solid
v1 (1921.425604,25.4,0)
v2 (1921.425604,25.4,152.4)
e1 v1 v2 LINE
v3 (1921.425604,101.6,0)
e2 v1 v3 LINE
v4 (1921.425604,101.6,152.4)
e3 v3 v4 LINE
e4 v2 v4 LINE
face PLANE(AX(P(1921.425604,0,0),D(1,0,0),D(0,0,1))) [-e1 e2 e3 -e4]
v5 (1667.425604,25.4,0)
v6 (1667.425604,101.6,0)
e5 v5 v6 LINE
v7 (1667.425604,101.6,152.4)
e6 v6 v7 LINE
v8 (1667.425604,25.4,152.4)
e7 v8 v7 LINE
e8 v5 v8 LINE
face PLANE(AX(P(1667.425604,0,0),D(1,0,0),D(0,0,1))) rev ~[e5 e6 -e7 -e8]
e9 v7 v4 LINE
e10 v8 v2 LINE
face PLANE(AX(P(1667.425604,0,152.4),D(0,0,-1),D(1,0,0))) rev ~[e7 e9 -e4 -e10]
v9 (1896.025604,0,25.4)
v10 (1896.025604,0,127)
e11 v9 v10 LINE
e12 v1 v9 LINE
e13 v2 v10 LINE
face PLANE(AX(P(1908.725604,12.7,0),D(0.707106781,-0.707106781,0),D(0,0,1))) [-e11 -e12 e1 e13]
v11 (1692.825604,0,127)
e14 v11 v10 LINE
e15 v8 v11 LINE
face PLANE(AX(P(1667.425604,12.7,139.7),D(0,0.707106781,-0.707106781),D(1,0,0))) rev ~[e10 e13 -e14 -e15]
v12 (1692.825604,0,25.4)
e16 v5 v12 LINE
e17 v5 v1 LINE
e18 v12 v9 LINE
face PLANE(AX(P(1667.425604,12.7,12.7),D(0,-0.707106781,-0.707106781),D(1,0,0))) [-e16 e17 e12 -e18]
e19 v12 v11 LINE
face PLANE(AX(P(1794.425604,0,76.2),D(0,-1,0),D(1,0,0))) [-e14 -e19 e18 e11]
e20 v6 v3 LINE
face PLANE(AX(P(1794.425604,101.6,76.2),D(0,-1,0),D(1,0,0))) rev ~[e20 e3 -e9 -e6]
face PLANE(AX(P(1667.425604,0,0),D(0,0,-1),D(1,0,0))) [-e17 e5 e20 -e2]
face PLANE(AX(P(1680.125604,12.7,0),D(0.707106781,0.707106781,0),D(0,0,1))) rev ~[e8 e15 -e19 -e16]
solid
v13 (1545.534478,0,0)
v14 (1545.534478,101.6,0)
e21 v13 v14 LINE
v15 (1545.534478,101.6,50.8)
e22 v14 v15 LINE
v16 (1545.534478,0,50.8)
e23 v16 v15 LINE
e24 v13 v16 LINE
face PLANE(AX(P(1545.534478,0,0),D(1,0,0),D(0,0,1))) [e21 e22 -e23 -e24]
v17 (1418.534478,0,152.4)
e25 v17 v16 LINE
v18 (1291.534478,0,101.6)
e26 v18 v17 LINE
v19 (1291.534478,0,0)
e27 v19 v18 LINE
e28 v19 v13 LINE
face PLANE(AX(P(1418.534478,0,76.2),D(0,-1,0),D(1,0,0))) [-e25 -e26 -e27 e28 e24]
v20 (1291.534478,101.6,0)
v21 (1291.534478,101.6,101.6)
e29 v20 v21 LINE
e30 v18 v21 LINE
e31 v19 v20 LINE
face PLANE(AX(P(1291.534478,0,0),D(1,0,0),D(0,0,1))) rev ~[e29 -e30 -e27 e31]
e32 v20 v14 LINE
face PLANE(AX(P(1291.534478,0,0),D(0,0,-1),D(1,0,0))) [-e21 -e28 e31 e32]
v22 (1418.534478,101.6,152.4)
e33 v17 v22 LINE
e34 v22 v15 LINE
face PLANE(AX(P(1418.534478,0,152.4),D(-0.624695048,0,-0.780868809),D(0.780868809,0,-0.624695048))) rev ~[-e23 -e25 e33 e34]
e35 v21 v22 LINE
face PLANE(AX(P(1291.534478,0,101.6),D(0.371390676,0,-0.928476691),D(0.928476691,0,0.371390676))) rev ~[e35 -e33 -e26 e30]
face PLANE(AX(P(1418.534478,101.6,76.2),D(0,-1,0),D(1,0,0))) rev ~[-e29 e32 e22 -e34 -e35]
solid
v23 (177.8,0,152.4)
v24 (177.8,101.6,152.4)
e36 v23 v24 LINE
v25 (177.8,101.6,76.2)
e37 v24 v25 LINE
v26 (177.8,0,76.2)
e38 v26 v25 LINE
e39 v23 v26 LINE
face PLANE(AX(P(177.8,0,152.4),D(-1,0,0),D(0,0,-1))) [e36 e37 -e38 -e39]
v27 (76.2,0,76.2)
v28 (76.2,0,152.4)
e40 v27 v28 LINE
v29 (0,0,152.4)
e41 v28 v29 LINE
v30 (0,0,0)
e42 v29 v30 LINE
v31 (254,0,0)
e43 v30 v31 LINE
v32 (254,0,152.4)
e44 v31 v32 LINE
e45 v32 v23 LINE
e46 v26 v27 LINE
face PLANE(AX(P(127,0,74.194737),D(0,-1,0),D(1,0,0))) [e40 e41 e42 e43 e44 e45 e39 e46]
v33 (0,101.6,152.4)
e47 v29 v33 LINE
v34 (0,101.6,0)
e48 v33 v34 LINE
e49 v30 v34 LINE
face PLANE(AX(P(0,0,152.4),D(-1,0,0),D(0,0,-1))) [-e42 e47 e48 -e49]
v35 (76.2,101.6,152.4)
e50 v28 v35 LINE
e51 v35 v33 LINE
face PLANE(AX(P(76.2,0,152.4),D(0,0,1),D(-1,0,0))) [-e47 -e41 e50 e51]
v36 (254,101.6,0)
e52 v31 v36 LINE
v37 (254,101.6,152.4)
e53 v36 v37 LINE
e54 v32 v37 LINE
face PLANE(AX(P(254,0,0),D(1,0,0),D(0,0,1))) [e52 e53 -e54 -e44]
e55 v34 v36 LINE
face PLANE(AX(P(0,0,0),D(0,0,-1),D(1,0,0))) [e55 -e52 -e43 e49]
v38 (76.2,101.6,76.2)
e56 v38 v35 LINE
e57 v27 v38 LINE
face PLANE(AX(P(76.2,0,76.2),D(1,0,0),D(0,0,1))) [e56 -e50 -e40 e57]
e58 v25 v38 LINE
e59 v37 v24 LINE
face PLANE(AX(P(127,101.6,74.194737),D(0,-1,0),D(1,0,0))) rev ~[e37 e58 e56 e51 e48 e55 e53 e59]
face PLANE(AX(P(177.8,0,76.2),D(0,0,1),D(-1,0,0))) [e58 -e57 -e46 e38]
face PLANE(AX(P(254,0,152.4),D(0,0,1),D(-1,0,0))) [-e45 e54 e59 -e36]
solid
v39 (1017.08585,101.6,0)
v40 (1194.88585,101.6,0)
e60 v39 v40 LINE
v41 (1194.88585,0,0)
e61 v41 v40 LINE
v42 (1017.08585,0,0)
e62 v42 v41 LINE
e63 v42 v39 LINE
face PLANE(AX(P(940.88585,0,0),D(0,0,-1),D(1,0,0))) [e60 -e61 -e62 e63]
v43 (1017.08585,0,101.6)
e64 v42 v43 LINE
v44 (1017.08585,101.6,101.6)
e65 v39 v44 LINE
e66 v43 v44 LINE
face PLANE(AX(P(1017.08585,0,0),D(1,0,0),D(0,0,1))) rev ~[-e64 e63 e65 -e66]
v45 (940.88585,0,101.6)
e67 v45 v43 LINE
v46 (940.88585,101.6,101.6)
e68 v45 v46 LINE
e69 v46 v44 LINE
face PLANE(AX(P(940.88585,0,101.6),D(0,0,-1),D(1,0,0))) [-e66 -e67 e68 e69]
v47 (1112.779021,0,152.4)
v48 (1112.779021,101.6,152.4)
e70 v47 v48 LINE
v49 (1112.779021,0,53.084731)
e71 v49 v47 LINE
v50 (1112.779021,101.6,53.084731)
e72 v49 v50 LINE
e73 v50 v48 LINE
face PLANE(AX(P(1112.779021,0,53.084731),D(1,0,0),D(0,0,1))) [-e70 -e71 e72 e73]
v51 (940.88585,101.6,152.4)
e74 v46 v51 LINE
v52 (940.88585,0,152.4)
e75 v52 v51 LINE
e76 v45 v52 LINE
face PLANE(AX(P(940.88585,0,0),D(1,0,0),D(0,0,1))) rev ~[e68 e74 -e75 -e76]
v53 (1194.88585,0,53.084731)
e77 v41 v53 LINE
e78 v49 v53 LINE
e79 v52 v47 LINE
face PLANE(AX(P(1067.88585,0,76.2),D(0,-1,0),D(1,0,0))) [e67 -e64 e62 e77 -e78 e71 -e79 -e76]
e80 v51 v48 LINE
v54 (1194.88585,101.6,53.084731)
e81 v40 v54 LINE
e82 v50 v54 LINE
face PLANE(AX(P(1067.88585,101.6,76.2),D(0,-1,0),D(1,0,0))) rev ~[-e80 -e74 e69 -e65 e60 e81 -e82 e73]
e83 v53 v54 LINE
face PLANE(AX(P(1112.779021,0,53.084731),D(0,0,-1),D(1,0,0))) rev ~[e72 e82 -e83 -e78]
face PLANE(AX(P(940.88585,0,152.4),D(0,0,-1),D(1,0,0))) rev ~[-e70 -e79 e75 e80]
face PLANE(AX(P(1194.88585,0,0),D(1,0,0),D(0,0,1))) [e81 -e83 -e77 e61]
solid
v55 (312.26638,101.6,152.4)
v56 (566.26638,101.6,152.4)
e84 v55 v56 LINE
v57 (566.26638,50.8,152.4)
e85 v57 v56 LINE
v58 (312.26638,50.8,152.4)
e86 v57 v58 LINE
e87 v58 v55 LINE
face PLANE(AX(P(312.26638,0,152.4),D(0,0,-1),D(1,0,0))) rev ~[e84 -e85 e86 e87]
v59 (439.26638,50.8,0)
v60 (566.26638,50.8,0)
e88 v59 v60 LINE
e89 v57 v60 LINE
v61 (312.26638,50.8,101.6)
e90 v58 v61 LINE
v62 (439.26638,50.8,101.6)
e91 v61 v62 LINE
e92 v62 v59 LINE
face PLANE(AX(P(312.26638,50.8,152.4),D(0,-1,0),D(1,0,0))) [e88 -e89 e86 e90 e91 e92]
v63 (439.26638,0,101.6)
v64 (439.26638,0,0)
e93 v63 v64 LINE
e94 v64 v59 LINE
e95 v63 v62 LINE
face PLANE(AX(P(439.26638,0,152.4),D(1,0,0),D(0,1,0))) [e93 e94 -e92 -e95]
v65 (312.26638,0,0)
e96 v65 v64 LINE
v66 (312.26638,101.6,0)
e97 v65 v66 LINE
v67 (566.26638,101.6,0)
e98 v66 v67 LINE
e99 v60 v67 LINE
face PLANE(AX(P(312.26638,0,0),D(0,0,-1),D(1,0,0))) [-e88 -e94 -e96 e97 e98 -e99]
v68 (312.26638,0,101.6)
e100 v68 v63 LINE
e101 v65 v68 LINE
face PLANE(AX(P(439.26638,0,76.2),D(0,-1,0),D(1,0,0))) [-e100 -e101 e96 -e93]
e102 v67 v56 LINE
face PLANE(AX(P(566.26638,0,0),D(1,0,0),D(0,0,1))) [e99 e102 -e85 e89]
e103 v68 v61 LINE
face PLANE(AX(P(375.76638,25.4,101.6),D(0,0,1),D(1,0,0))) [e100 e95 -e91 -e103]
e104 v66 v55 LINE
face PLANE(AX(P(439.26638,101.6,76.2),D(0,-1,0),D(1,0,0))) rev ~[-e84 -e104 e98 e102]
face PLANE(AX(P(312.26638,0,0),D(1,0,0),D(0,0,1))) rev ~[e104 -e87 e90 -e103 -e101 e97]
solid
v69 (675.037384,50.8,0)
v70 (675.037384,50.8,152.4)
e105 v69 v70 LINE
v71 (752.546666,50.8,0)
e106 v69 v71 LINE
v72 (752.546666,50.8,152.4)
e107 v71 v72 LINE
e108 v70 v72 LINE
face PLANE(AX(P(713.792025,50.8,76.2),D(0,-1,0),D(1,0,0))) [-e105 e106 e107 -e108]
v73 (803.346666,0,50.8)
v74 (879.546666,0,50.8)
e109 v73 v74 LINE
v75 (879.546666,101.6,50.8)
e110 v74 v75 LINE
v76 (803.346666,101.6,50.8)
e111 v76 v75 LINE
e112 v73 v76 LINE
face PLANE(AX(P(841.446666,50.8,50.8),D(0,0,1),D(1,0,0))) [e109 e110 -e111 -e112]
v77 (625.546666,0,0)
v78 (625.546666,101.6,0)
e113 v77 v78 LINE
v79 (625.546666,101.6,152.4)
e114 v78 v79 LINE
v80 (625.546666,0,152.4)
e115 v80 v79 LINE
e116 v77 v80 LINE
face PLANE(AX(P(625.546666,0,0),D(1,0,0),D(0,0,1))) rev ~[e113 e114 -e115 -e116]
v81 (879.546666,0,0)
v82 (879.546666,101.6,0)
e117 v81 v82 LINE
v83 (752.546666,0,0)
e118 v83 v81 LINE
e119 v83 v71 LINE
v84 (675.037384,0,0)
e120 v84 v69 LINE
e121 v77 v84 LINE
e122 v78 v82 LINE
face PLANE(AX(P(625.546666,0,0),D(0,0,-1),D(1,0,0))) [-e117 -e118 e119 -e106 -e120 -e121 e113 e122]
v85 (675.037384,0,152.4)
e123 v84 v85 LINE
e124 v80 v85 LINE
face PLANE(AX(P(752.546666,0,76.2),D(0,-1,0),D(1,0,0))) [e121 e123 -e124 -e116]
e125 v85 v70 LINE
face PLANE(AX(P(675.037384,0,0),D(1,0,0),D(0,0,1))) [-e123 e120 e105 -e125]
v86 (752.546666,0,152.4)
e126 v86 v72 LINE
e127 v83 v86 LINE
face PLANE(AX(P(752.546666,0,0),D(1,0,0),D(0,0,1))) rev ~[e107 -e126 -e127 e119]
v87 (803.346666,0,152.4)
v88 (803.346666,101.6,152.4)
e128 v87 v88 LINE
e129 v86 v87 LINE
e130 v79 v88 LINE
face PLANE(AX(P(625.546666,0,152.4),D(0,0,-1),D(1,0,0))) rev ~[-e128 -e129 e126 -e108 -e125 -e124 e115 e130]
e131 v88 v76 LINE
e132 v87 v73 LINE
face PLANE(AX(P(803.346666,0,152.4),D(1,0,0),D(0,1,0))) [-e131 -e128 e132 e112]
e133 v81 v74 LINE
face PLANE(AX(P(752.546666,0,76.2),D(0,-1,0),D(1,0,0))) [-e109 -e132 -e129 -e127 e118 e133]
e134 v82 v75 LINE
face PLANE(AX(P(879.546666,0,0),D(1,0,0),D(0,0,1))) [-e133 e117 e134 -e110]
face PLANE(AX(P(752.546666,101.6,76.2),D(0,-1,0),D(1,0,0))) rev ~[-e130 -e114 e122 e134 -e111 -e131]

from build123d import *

# Parameters (mm, degrees)
F1_DEPTH  = 101.6
F2_W      = 254
F2_H      = 152.4
F3_DEPTH  = 101.6
F4_W      = 127
F4_H      = 50.8
F5_DEPTH  = 152.4
F7_W      = 127
F7_H      = 50.8
F8_DEPTH  = 50.8
F6_W      = 254
F6_H      = 152.4
F9_DEPTH  = 101.6
F10_W     = 76.2
F10_H     = 101.6
F11_DEPTH = 101.6
F12_W     = 77.5092818909
F12_H     = 152.4
F13_DEPTH = 50.8
F14_W     = 254
F14_H     = 152.4
F15_DEPTH = 101.6
F16_W     = 76.2
F16_H     = 101.6
F17_DEPTH = 101.6
F18_W     = 82.1068286896
F18_H     = 99.315268898
F19_DEPTH = 101.6
F20_W     = 254
F20_H     = 152.4
F21_DEPTH = 101.6
F23_DEPTH = 101.6
F25_DEPTH = 101.6
F26_W     = 254
F26_H     = 152.4
F27_DEPTH = 101.6
F28_SIZE  = 25.4


with BuildPart() as f1:
    # F0 (on Front) → F1 (new body)
    with BuildSketch(Plane.XZ):
        Polygon((0, 152.4), (0, 0), (254, 0), (254, 152.4), (177.8, 152.4), (177.8, 76.2), (76.2, 76.2), (76.2, 152.4), align=None)
    extrude(amount=-F1_DEPTH)


with BuildPart() as f3:
    # F2 (on face) → F3 (new body)
    with BuildSketch(Plane.XZ):
        with Locations((439.2663795948, 76.2)):
            Rectangle(F2_W, F2_H)
    extrude(amount=-F3_DEPTH)

    # F4 (on face) → F5 (cut)
    with BuildSketch(Plane.XY.offset(152.4)):
        with Locations((502.7663795948, 25.4)):
            Rectangle(F4_W, F4_H)
    extrude(amount=-F5_DEPTH, mode=Mode.SUBTRACT)

    # F7 (on face) → F8 (cut)
    with BuildSketch(Plane.XY.offset(152.4)):
        with Locations((375.7663795948, 25.4)):
            Rectangle(F7_W, F7_H)
    extrude(amount=-F8_DEPTH, mode=Mode.SUBTRACT)


with BuildPart() as f9:
    # F6 (on face) → F9 (new body)
    with BuildSketch(Plane.XZ):
        with Locations((752.5466659241, 76.2)):
            Rectangle(F6_W, F6_H)
    extrude(amount=-F9_DEPTH)

    # F10 (on face) → F11 (cut)
    with BuildSketch(Plane.XY.offset(152.4)):
        with Locations((841.4466659241, 50.8)):
            Rectangle(F10_W, F10_H)
    extrude(amount=-F11_DEPTH, mode=Mode.SUBTRACT)

    # F12 (on face) → F13 (cut)
    with BuildSketch(Plane.XZ):
        with Locations((713.7920249786, 76.2)):
            Rectangle(F12_W, F12_H)
    extrude(amount=-F13_DEPTH, mode=Mode.SUBTRACT)


with BuildPart() as f15:
    # F14 (on face) → F15 (new body)
    with BuildSketch(Plane.XZ):
        with Locations((1067.8858499527, 76.2)):
            Rectangle(F14_W, F14_H)
    extrude(amount=-F15_DEPTH)

    # F16 (on face) → F17 (cut)
    with BuildSketch(Plane.XZ):
        with Locations((978.9858499527, 50.8)):
            Rectangle(F16_W, F16_H)
    extrude(amount=-F17_DEPTH, mode=Mode.SUBTRACT)

    # F18 (on face) → F19 (cut)
    with BuildSketch(Plane.XZ):
        with Locations((1153.8324356079, 102.742365551)):
            Rectangle(F18_W, F18_H)
    extrude(amount=-F19_DEPTH, mode=Mode.SUBTRACT)


with BuildPart() as f21:
    # F20 (on face) → F21 (new body)
    with BuildSketch(Plane.XZ):
        with Locations((1418.5344781153, 76.2)):
            Rectangle(F20_W, F20_H)
    extrude(amount=-F21_DEPTH)

    # F22 (on face) → F23 (cut)
    with BuildSketch(Plane.XZ):
        Polygon((1291.5344781153, 152.4), (1291.5344781153, 101.6), (1418.5344781153, 152.4), align=None)
    extrude(amount=-F23_DEPTH, mode=Mode.SUBTRACT)

    # F24 (on face) → F25 (cut)
    with BuildSketch(Plane.XZ):
        Polygon((1418.5344781153, 152.4), (1545.5344781153, 50.8), (1545.5344781153, 152.4), align=None)
    extrude(amount=-F25_DEPTH, mode=Mode.SUBTRACT)


with BuildPart() as f27:
    # F26 (on face) → F27 (new body)
    with BuildSketch(Plane.XZ):
        with Locations((1794.4256044602, 76.2)):
            Rectangle(F26_W, F26_H)
    extrude(amount=-F27_DEPTH)

    # F28
    f28_edges = [f27.edges().sort_by_distance(p)[0] for p in [
        (1667.425604, 0, 76.2),
        (1794.425604, 0, 0),
        (1921.425604, 0, 76.2),
        (1794.425604, 0, 152.4),
    ]]
    chamfer(f28_edges, length=F28_SIZE)


solid = Compound([f1.part, f3.part, f9.part, f15.part, f21.part, f27.part])
